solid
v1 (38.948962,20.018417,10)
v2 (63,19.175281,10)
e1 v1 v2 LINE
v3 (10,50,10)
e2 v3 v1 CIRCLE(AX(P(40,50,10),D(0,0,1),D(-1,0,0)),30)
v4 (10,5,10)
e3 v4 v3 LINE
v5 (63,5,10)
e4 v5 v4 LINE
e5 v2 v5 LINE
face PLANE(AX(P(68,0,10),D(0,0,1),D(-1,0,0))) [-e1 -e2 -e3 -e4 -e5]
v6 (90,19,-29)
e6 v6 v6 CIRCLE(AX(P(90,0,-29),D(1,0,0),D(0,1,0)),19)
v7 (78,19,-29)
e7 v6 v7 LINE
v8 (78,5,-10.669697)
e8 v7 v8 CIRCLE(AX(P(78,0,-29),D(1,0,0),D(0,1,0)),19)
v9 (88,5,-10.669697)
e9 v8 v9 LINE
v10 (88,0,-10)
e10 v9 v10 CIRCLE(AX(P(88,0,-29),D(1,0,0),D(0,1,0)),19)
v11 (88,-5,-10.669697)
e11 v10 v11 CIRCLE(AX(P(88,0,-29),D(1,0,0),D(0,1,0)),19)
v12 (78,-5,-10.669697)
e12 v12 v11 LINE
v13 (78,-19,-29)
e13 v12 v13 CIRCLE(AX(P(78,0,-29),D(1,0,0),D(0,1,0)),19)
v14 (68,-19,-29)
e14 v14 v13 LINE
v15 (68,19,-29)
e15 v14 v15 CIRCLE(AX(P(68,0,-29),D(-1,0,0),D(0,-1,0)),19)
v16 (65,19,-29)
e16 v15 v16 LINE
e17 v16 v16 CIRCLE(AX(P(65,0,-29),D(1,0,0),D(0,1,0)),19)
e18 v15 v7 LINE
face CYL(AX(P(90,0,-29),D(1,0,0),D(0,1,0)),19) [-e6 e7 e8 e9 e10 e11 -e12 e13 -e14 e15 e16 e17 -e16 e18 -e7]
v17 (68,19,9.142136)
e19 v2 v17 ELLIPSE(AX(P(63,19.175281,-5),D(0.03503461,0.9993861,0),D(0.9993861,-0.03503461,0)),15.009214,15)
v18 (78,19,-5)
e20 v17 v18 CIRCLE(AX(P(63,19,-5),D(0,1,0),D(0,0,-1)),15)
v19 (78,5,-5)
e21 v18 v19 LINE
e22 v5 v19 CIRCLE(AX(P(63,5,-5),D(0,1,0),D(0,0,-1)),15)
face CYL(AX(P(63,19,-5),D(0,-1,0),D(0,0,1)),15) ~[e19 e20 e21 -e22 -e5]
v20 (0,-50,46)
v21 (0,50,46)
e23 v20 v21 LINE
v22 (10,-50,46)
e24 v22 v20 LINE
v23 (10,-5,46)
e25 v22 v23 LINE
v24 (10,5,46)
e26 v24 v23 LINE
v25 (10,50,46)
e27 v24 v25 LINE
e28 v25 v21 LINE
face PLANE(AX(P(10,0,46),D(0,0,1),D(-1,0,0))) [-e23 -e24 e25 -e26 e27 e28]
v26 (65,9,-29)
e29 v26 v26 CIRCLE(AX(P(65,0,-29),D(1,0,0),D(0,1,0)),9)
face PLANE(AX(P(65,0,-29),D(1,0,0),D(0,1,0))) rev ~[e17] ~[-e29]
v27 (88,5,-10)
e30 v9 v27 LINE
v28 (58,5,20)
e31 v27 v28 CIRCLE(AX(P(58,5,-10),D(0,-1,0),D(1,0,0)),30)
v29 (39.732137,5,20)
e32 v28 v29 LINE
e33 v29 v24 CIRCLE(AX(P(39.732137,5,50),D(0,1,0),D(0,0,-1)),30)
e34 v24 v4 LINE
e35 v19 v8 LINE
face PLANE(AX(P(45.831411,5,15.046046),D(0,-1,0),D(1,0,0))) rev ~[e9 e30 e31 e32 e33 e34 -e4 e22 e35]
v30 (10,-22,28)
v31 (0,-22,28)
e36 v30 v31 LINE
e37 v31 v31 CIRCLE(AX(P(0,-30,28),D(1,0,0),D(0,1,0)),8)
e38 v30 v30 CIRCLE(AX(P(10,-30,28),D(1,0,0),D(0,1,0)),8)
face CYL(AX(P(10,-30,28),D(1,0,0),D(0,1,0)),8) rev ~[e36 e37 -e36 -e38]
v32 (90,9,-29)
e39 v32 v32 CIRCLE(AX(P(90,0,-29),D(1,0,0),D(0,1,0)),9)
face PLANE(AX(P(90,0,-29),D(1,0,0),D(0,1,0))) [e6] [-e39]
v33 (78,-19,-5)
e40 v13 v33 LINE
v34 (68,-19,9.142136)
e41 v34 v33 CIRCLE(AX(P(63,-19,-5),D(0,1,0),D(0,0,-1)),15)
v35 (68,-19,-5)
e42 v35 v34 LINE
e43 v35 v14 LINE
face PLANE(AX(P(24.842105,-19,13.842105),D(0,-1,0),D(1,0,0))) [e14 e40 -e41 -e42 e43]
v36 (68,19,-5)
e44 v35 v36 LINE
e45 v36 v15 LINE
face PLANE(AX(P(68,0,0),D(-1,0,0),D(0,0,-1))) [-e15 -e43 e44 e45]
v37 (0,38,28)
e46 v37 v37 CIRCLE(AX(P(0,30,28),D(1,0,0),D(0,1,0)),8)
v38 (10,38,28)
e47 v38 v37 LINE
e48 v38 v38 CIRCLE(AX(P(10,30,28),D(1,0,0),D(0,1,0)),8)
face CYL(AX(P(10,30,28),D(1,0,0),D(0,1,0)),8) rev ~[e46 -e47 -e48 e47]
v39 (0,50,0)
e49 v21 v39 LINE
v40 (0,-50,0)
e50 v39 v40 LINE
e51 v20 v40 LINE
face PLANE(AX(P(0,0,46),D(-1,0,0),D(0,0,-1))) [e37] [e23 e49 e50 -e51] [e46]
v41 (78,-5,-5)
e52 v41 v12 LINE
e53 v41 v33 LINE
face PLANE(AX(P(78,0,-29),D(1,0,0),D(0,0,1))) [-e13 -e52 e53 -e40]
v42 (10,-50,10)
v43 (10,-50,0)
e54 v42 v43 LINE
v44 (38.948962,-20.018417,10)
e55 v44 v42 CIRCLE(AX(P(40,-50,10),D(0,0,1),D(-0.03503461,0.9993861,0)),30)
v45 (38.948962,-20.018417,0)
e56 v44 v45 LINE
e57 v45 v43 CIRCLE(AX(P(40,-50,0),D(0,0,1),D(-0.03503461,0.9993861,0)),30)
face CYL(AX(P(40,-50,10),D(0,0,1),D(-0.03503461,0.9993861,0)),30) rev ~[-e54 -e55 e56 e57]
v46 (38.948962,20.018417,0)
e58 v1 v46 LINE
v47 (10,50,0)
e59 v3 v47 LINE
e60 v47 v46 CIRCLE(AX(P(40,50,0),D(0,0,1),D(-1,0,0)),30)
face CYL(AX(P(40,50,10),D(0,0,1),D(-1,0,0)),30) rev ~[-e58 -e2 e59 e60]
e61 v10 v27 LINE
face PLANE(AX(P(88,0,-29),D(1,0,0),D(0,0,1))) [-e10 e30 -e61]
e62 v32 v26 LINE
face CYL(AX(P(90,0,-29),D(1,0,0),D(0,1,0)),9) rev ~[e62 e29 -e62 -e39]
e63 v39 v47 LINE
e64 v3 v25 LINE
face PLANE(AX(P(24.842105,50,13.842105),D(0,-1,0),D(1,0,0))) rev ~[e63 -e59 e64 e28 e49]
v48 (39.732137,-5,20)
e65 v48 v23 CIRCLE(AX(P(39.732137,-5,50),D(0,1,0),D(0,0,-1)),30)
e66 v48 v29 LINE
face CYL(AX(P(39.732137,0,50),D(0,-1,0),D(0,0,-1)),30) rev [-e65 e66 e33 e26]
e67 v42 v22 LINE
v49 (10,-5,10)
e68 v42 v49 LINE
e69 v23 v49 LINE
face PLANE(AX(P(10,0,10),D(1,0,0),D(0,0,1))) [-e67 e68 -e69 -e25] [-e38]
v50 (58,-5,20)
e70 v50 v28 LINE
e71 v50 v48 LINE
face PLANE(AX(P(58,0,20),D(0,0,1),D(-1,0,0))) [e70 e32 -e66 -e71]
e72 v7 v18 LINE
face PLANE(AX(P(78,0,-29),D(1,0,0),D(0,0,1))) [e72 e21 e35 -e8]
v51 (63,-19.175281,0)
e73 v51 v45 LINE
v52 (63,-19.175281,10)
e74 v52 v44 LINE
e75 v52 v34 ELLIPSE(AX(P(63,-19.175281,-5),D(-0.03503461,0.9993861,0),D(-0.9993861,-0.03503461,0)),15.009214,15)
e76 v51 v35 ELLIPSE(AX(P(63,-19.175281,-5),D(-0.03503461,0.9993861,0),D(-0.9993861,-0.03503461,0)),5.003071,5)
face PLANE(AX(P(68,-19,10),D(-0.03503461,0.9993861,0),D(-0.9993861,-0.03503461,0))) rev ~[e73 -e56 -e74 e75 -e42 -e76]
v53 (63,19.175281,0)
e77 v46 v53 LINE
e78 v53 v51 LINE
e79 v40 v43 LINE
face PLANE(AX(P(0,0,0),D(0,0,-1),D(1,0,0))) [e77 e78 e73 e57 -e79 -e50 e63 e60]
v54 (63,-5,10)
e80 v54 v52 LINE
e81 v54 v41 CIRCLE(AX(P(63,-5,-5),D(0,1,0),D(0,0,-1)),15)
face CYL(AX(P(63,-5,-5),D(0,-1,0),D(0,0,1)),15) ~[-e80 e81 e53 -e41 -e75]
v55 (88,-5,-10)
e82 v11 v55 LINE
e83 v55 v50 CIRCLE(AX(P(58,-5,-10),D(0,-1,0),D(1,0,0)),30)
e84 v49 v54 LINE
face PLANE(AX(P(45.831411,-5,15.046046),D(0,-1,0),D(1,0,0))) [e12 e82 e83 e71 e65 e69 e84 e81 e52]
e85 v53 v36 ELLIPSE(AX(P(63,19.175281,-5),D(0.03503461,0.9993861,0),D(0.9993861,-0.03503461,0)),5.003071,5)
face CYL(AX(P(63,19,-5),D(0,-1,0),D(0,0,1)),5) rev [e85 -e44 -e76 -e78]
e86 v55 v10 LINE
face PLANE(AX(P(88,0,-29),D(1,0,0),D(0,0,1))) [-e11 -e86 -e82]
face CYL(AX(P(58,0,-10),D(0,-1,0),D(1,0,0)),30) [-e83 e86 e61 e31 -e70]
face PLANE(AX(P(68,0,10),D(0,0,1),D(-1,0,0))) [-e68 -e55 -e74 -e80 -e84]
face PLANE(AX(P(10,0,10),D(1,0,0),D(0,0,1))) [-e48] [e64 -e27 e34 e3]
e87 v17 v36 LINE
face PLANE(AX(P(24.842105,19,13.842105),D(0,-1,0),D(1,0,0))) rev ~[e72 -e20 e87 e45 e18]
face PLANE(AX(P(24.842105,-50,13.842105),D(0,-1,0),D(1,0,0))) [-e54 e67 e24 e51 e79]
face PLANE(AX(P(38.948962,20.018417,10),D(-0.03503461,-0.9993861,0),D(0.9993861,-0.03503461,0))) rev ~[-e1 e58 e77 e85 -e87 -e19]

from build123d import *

# Parameters (mm, degrees)
F1_DEPTH  = 50
F2_DEPTH  = 19
F4_DEPTH  = 10
F5_R      = 5
F6_R      = 8
F7_DEPTH  = 10
F9_R      = 19
F9_R_2    = 9
F10_DEPTH = 25
F11_DEPTH = 25
F12_W     = 10
F12_H     = 19
F13_DEPTH = 5
F14_DEPTH = 25
F15_R     = 15


with BuildPart() as f1:
    # F0 (on Front) → F1 (new body, symmetric)
    with BuildSketch(Plane.XZ):
        Polygon((0, 46), (0, 0), (68, 0), (68, 10), (10, 10), (10, 46), align=None)
    extrude(amount=F1_DEPTH, both=True)

    # F0 (on Front) → F2 (join, symmetric)
    with BuildSketch(Plane.XZ):
        Polygon((0, 46), (0, 0), (68, 0), (68, 10), (10, 10), (10, 46), align=None)
        Polygon((68, 10), (68, 0), (68, -29), (78, -29), (78, 10), align=None)
    extrude(amount=F2_DEPTH, both=True)

    # F3 (on face) → F4 (cut, through all)
    with BuildSketch(Plane.XY.offset(10)):
        with BuildLine():
            ThreePointArc((38.9489616917, -20.0184170119), (18.418397311, -29.1617077145), (10, -50))
            Line((10, -50), (68, -50))
            Line((68, -50), (68, -19))
            Line((68, -19), (38.9489616917, -20.0184170119))
        make_face()
        with BuildLine():
            Line((68, 50), (10, 50))
            ThreePointArc((10, 50), (18.418397311, 29.1617077145), (38.9489616917, 20.0184170119))
            Line((38.9489616917, 20.0184170119), (68, 19))
            Line((68, 19), (68, 50))
        make_face()
    extrude(amount=-F4_DEPTH, mode=Mode.SUBTRACT)

    # F5
    f5_edges = [f1.edges().sort_by_distance(p)[0] for p in [
        (68, 0, 0),
    ]]
    fillet(f5_edges, radius=F5_R)

    # F6 (on face) → F7 (cut)
    with BuildSketch(Plane.YZ.offset(10)):
        with Locations((-30, 28)):
            Circle(F6_R)
        with Locations((30, 28)):
            Circle(F6_R)
    extrude(amount=-F7_DEPTH, mode=Mode.SUBTRACT)

    # F9 (on offset) → F10 (join)
    with BuildSketch(Plane.YZ.offset(90)):
        with Locations((0, -29)):
            Circle(F9_R)
        with Locations((0, -29)):
            Circle(F9_R_2, mode=Mode.SUBTRACT)
    extrude(amount=-F10_DEPTH)

    # F11 (cut): a face of the model
    f11_faces = [f1.faces().sort_by_distance(p)[0] for p in [
        (78, 0, -25.1802813658),
    ]]
    extrude(f11_faces, amount=-F11_DEPTH, mode=Mode.SUBTRACT)

    # F12 (on Front) → F13 (join, symmetric)
    with BuildSketch(Plane.XZ):
        with BuildLine():
            ThreePointArc((39.7321374946, 20), (19.9837198365, 27.4168204187), (10, 46))
            Line((10, 46), (10, 10))
            Line((10, 10), (38.9489616917, 10))
            Line((38.9489616917, 10), (68, 10))
            Line((68, 10), (73, 10))
            ThreePointArc((73, 10), (76.5355339059, 8.5355339059), (78, 5))
            Line((78, 5), (78, -10))
            Line((78, -10), (88, -10))
            ThreePointArc((88, -10), (79.2132034356, 11.2132034356), (58, 20))
            Line((58, 20), (39.7321374946, 20))
        make_face()
        with BuildLine():
            Line((73, 10), (68, 10))
            Line((68, 10), (68, -5))
            Line((68, -5), (68, -10))
            Line((68, -10), (78, -10))
            Line((78, -10), (78, 5))
            ThreePointArc((78, 5), (76.5355339059, 8.5355339059), (73, 10))
        make_face()
        with Locations((83, -19.5)):
            Rectangle(F12_W, F12_H)
        with Locations((73, -19.5)):
            Rectangle(F12_W, F12_H)
    extrude(amount=F13_DEPTH, both=True)

    # F14 (cut): a face of the model
    f14_faces = [f1.faces().sort_by_distance(p)[0] for p in [
        (88, 0, -24.7319215604),
    ]]
    extrude(f14_faces, amount=-F14_DEPTH, mode=Mode.SUBTRACT)

    # F15
    f15_edges = [f1.edges().sort_by_distance(p)[0] for p in [
        (78, -12, 10),
        (78, 12, 10),
    ]]
    fillet(f15_edges, radius=F15_R)


solid = f1.part
